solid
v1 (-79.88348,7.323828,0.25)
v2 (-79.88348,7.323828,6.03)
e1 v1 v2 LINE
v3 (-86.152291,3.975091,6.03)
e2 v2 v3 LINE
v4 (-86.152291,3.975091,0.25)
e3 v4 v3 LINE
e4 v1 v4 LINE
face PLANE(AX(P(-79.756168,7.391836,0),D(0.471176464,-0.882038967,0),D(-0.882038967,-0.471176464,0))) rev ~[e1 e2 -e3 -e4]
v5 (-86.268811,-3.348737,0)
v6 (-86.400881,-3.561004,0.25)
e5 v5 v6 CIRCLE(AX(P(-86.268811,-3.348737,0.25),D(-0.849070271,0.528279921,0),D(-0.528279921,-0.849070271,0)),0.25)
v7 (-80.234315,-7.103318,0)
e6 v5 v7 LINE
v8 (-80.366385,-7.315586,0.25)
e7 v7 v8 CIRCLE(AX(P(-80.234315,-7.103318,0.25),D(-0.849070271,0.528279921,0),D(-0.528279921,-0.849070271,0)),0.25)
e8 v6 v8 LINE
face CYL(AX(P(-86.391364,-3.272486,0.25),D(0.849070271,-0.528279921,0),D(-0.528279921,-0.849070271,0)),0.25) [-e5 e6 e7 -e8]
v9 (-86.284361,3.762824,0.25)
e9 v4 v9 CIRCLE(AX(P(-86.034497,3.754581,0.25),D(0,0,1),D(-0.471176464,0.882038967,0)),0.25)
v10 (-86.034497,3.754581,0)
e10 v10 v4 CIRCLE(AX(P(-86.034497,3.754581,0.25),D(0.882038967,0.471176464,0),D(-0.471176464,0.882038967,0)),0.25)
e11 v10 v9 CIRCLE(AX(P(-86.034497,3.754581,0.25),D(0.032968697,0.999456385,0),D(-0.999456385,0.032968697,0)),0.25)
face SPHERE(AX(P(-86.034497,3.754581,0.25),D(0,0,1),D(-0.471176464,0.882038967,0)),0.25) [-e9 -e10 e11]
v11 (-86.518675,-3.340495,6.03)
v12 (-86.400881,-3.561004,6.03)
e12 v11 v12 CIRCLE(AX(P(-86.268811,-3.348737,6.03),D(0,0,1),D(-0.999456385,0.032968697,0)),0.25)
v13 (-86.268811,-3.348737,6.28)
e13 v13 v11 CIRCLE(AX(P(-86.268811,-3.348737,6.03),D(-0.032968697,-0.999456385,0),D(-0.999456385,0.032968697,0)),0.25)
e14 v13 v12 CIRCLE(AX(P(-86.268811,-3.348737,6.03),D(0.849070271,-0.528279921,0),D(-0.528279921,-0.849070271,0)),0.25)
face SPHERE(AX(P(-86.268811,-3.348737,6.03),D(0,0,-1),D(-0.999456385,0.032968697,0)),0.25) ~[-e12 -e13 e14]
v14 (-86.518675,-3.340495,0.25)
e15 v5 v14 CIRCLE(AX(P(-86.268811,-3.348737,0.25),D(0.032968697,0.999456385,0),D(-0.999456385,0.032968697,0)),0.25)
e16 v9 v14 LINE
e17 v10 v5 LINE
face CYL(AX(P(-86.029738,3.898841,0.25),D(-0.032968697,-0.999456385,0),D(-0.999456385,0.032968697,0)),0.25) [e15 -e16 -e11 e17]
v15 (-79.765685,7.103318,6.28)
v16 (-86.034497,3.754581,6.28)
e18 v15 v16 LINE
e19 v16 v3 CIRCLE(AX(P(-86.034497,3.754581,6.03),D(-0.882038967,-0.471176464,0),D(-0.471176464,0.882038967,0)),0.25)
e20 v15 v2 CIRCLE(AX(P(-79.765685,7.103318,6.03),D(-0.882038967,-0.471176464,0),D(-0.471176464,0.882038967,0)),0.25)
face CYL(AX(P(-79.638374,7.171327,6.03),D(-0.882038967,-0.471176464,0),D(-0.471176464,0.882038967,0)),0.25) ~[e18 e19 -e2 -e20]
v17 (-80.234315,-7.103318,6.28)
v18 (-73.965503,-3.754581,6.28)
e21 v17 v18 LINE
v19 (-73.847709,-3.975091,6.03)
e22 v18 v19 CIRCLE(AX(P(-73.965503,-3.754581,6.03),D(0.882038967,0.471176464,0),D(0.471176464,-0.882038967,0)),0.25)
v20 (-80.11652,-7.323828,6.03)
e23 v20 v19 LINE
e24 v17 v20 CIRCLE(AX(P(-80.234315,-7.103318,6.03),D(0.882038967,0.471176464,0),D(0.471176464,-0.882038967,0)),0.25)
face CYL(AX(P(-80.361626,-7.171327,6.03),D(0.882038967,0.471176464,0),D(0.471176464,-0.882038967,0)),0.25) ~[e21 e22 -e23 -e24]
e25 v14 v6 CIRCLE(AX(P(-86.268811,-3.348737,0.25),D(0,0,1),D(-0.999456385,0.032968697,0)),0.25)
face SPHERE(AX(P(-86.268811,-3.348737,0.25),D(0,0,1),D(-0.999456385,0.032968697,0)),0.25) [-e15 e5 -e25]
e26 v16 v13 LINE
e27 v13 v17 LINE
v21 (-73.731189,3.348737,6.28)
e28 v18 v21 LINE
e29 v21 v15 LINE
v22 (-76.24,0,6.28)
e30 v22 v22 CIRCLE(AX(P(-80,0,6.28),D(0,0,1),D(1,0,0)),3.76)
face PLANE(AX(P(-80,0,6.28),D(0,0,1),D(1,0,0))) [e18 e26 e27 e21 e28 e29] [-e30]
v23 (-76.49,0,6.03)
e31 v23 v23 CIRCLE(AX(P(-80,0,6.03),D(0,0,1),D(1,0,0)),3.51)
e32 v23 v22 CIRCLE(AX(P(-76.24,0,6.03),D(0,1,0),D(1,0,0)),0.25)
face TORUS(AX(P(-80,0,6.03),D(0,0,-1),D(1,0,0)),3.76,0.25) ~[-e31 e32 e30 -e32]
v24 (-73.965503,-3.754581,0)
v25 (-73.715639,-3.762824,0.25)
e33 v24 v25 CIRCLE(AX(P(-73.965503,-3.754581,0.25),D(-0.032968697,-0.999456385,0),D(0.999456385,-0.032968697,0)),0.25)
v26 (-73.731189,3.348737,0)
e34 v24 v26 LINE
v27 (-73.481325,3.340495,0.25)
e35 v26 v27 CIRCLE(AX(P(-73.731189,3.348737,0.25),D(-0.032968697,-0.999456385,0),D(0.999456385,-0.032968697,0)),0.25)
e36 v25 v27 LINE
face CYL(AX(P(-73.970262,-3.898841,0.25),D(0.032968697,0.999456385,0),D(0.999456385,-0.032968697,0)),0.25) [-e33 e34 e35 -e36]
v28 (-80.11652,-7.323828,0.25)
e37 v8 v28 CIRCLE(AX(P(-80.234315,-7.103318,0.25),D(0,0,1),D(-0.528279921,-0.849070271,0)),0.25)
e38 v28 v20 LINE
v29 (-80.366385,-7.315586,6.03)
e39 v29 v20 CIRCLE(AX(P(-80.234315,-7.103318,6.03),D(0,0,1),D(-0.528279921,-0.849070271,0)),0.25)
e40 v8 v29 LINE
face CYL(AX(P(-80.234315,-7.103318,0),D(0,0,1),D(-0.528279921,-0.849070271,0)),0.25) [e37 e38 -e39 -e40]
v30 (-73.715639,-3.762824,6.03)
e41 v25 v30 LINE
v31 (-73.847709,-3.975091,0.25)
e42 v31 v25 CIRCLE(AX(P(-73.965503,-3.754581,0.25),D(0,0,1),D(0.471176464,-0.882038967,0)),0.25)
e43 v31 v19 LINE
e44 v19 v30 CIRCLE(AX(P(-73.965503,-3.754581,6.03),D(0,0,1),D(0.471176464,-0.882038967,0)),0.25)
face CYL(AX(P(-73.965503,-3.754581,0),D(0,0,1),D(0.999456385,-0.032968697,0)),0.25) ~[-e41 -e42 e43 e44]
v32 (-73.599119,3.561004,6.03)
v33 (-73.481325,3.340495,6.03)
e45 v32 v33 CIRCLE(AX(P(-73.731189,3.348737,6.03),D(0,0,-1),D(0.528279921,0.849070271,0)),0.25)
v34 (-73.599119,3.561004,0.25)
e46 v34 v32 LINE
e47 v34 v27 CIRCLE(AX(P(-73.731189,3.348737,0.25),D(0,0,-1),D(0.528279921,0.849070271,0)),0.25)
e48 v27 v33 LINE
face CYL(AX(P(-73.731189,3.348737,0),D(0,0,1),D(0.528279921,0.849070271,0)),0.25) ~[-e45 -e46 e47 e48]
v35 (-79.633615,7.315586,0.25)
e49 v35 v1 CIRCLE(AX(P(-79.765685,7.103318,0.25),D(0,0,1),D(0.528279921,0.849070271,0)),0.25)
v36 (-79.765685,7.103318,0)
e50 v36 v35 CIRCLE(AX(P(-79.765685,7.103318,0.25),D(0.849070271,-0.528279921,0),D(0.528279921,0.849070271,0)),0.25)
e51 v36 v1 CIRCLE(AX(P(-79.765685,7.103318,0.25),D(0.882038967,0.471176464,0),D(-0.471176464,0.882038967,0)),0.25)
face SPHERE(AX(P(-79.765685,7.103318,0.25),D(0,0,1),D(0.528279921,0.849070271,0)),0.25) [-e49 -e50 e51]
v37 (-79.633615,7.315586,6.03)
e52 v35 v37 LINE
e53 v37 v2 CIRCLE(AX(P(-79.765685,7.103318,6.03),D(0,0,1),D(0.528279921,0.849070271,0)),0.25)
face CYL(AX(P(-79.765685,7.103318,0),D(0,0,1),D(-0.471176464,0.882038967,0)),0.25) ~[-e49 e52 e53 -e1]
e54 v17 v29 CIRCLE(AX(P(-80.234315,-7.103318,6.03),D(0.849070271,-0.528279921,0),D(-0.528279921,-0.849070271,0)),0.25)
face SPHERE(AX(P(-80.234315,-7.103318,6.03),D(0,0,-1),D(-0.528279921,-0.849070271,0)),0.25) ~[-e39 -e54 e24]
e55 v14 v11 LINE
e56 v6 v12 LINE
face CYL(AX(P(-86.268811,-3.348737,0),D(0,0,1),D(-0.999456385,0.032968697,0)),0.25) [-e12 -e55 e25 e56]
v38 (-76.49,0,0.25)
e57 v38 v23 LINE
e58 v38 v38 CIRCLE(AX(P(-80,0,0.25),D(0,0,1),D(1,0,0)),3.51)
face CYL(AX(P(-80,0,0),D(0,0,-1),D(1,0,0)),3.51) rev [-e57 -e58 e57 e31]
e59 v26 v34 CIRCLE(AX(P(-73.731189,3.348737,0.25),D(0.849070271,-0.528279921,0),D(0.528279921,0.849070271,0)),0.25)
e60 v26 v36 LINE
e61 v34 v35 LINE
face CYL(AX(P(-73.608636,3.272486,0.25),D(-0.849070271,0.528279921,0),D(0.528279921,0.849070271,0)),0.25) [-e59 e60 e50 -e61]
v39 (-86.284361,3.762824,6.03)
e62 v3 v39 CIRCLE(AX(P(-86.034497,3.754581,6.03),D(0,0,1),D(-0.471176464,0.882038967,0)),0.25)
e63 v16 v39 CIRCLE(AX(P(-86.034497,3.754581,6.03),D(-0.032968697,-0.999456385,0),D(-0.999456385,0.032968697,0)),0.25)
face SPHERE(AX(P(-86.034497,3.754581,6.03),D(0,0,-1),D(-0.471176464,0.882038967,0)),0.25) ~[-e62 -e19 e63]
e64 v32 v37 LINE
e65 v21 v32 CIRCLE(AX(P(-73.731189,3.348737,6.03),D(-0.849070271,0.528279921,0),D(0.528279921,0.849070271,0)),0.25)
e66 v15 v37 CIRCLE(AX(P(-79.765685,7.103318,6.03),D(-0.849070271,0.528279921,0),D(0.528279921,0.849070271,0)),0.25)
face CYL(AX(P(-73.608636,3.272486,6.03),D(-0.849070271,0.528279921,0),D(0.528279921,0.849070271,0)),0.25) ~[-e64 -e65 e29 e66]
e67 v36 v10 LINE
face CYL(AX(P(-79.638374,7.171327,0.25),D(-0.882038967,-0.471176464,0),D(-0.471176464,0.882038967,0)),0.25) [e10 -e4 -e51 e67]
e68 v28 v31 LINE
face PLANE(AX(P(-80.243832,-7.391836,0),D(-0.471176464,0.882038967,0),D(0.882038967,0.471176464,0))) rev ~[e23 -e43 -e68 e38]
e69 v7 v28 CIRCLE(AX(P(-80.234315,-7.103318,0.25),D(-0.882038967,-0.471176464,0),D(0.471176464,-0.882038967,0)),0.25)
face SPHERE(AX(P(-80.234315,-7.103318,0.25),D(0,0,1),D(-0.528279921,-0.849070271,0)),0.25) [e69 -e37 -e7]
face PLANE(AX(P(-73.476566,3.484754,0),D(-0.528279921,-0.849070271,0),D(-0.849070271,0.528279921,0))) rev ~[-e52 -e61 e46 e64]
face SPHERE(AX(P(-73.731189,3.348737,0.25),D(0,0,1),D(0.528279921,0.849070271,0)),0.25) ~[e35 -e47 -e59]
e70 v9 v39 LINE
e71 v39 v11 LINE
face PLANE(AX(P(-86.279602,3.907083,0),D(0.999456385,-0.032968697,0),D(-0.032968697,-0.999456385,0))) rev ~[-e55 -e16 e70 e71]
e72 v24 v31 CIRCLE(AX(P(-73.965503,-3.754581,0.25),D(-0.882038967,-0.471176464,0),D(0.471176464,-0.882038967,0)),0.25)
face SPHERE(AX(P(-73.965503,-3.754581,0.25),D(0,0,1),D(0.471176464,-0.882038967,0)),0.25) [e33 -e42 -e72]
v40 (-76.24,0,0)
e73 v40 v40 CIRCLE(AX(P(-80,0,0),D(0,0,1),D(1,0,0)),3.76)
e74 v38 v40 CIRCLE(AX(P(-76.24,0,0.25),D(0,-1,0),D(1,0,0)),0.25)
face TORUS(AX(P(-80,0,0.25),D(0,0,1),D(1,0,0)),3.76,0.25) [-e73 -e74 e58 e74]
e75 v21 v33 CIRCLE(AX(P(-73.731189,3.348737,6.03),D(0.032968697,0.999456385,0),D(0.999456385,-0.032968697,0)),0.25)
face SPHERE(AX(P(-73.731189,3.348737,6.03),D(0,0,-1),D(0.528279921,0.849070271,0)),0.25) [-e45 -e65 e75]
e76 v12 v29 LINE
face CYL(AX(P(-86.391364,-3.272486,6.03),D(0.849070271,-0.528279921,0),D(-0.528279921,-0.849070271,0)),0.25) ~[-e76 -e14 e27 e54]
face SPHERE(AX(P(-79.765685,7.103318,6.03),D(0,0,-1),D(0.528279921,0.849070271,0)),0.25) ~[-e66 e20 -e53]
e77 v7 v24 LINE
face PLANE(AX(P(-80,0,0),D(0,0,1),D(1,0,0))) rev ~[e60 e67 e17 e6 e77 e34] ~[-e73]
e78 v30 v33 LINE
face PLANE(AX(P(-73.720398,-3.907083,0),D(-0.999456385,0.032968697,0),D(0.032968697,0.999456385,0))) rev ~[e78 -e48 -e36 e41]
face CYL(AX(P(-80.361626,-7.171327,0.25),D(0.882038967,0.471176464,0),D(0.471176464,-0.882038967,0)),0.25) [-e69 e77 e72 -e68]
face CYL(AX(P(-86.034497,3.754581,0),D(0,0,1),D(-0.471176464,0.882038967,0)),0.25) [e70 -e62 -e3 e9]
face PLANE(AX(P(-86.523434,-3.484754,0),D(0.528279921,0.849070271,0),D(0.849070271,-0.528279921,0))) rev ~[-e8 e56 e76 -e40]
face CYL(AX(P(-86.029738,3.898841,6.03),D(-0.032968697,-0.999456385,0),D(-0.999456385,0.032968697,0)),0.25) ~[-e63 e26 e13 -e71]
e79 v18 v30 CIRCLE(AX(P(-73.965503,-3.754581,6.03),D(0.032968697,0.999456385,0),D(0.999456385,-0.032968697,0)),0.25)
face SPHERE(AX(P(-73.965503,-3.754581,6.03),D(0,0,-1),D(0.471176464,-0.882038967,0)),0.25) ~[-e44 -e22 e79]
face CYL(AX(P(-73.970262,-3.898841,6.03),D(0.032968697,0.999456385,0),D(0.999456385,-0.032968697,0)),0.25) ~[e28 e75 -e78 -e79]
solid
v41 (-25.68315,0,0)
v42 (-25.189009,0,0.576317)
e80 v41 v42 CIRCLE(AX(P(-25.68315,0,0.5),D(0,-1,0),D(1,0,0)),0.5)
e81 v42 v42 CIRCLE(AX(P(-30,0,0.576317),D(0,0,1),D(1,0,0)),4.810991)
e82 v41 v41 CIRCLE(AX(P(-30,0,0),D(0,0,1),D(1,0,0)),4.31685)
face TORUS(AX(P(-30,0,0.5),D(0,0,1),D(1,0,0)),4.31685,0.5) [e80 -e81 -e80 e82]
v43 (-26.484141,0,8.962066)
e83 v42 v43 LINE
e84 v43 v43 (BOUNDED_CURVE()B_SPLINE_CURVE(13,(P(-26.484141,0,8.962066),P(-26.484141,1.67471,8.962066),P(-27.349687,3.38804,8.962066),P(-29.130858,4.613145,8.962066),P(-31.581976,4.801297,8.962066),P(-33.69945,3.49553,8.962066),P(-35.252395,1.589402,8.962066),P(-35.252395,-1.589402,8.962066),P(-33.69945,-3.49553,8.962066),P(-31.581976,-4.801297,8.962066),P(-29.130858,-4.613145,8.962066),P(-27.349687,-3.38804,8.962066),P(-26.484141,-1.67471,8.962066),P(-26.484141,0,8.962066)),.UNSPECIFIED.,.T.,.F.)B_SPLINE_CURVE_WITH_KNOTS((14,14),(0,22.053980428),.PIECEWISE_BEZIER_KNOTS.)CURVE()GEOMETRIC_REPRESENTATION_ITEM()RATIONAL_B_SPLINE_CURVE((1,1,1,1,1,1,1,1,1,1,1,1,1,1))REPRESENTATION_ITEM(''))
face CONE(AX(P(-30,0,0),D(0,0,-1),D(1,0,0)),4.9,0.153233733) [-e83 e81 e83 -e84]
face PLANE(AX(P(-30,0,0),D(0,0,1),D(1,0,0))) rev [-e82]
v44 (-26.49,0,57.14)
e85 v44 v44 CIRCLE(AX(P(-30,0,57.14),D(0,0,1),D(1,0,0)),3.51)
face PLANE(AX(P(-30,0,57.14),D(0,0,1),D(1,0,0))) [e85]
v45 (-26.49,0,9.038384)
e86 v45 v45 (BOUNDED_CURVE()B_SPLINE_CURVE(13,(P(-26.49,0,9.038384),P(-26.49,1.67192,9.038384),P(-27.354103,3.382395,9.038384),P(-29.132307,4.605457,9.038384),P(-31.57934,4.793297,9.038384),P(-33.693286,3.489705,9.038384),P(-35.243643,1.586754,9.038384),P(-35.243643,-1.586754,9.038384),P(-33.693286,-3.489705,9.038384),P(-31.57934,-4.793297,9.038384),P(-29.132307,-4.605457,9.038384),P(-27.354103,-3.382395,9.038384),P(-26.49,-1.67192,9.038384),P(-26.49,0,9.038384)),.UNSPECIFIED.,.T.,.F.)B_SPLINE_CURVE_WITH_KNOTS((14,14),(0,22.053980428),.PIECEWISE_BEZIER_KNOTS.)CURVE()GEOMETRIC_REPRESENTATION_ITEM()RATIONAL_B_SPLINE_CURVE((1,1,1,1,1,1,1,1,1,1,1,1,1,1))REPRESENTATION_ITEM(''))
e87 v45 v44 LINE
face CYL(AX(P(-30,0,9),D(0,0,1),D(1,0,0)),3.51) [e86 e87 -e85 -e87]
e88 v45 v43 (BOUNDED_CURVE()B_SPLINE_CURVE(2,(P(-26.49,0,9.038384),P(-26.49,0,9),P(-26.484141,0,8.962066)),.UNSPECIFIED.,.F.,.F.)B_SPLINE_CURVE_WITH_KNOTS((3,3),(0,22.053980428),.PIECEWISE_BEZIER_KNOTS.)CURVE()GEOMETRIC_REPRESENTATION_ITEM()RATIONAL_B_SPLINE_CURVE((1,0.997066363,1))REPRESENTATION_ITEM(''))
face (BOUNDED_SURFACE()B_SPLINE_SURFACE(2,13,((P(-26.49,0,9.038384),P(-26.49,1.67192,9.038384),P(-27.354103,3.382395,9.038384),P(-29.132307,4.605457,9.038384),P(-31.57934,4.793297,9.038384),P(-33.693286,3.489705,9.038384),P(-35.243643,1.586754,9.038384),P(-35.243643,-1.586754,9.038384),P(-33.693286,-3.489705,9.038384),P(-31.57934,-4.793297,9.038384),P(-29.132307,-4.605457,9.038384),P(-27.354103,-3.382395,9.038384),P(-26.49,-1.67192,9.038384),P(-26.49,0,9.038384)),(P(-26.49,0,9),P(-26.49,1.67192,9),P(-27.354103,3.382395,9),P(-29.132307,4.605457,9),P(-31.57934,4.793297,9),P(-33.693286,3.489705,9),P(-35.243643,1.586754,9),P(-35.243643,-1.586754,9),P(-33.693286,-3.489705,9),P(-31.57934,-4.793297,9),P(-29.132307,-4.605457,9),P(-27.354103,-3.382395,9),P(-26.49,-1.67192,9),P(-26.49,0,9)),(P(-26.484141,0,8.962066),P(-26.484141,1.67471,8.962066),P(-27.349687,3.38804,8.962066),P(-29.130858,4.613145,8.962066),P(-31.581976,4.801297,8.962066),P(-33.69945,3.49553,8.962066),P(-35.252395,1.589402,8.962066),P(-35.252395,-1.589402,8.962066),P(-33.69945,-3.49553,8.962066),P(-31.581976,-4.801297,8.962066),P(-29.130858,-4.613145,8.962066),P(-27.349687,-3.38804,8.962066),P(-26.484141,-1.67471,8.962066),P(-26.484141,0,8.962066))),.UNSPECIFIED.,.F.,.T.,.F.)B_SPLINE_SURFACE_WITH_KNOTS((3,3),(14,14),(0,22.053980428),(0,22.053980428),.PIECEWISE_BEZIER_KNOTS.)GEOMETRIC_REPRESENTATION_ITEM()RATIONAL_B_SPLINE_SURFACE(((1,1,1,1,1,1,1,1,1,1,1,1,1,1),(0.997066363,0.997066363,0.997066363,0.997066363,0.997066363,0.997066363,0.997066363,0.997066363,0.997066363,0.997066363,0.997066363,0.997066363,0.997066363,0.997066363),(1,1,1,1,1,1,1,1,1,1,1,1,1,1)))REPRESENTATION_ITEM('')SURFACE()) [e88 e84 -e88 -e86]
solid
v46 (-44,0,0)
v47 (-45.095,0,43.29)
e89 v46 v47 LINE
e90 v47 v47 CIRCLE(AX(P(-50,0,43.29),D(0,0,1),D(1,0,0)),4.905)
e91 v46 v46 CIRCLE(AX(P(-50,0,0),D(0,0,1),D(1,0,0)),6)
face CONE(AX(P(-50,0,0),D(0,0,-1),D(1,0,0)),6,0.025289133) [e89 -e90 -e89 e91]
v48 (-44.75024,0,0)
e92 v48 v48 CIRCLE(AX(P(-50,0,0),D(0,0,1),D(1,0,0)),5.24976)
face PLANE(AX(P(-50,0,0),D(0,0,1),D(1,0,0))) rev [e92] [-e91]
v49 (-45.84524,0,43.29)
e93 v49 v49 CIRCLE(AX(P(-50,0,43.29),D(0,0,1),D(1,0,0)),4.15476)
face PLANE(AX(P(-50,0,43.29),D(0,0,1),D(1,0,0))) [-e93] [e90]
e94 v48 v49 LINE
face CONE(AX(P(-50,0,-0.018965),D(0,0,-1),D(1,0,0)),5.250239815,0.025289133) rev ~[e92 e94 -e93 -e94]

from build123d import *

# Parameters (mm, degrees)
F3_R     = 0.5
F6_T     = -0.75
F7_R     = 3.51
F8_DEPTH = 6.28
F9_R     = 0.25


with BuildPart() as f2:
    # F1 (on Front) → F2 (revolve)
    with BuildSketch(Plane.XZ):
        Polygon((-30, 13.08), (-30, 9), (-26.49, 9), (-26.49, 57.14), (-30, 57.14), align=None)
        Polygon((-30, 9), (-30, 0), (-25.1, 0), (-26.49, 9), align=None)
    revolve(axis=Axis((-30, 0, 28.57), (0, 0, 1)))

    # F3
    f3_edges = [f2.edges().sort_by_distance(p)[0] for p in [
        (-34.9, 0, 0),
        (-33.51, 0, 9),
    ]]
    fillet(f3_edges, radius=F3_R)


with BuildPart() as f5:
    # F4 (on Front) → F5 (revolve)
    with BuildSketch(Plane.XZ):
        Polygon((-50, 43.29), (-50, 0), (-44, 0), (-45.095, 43.29), align=None)
    revolve(axis=Axis((-50, 0, 21.645), (0, 0, 1)))

    # F6
    f6_openings = [f5.faces().sort_by_distance(p)[0] for p in [
        (-50, 0, 43.29),
        (-50, 0, 0),
    ]]
    offset(amount=F6_T, openings=f6_openings)


with BuildPart() as f8:
    # F7 (on Top) → F8 (new body)
    with BuildSketch(Plane.XY):
        Polygon((-79.7561682365, 7.3918364478), (-86.2796022627, 3.9070827253), (-86.5234340262, -3.4847537225), (-80.2438317635, -7.3918364478), (-73.7203977373, -3.9070827253), (-73.4765659738, 3.4847537225), align=None)
        with Locations((-80, 0)):
            Circle(F7_R, mode=Mode.SUBTRACT)
    extrude(amount=F8_DEPTH)

    # F9
    f9_edges = [f8.edges().sort_by_distance(p)[0] for p in [
        (-76.616367, 5.438295, 6.28),
        (-83.017885, 5.64946, 6.28),
        (-86.401518, 0.211165, 6.28),
        (-83.383633, -5.438295, 6.28),
        (-76.982115, -5.64946, 6.28),
        (-73.598482, -0.211165, 6.28),
        (-83.51, 0, 6.28),
        (-76.616367, 5.438295, 0),
        (-83.017885, 5.64946, 0),
        (-86.401518, 0.211165, 0),
        (-83.383633, -5.438295, 0),
        (-76.982115, -5.64946, 0),
        (-73.598482, -0.211165, 0),
        (-83.51, 0, 0),
        (-86.523434, -3.484754, 3.14),
        (-80.243832, -7.391836, 3.14),
        (-73.720398, -3.907083, 3.14),
        (-73.476566, 3.484754, 3.14),
        (-79.756168, 7.391836, 3.14),
        (-86.279602, 3.907083, 3.14),
    ]]
    fillet(f9_edges, radius=F9_R)


solid = Compound([f2.part, f5.part, f8.part])
